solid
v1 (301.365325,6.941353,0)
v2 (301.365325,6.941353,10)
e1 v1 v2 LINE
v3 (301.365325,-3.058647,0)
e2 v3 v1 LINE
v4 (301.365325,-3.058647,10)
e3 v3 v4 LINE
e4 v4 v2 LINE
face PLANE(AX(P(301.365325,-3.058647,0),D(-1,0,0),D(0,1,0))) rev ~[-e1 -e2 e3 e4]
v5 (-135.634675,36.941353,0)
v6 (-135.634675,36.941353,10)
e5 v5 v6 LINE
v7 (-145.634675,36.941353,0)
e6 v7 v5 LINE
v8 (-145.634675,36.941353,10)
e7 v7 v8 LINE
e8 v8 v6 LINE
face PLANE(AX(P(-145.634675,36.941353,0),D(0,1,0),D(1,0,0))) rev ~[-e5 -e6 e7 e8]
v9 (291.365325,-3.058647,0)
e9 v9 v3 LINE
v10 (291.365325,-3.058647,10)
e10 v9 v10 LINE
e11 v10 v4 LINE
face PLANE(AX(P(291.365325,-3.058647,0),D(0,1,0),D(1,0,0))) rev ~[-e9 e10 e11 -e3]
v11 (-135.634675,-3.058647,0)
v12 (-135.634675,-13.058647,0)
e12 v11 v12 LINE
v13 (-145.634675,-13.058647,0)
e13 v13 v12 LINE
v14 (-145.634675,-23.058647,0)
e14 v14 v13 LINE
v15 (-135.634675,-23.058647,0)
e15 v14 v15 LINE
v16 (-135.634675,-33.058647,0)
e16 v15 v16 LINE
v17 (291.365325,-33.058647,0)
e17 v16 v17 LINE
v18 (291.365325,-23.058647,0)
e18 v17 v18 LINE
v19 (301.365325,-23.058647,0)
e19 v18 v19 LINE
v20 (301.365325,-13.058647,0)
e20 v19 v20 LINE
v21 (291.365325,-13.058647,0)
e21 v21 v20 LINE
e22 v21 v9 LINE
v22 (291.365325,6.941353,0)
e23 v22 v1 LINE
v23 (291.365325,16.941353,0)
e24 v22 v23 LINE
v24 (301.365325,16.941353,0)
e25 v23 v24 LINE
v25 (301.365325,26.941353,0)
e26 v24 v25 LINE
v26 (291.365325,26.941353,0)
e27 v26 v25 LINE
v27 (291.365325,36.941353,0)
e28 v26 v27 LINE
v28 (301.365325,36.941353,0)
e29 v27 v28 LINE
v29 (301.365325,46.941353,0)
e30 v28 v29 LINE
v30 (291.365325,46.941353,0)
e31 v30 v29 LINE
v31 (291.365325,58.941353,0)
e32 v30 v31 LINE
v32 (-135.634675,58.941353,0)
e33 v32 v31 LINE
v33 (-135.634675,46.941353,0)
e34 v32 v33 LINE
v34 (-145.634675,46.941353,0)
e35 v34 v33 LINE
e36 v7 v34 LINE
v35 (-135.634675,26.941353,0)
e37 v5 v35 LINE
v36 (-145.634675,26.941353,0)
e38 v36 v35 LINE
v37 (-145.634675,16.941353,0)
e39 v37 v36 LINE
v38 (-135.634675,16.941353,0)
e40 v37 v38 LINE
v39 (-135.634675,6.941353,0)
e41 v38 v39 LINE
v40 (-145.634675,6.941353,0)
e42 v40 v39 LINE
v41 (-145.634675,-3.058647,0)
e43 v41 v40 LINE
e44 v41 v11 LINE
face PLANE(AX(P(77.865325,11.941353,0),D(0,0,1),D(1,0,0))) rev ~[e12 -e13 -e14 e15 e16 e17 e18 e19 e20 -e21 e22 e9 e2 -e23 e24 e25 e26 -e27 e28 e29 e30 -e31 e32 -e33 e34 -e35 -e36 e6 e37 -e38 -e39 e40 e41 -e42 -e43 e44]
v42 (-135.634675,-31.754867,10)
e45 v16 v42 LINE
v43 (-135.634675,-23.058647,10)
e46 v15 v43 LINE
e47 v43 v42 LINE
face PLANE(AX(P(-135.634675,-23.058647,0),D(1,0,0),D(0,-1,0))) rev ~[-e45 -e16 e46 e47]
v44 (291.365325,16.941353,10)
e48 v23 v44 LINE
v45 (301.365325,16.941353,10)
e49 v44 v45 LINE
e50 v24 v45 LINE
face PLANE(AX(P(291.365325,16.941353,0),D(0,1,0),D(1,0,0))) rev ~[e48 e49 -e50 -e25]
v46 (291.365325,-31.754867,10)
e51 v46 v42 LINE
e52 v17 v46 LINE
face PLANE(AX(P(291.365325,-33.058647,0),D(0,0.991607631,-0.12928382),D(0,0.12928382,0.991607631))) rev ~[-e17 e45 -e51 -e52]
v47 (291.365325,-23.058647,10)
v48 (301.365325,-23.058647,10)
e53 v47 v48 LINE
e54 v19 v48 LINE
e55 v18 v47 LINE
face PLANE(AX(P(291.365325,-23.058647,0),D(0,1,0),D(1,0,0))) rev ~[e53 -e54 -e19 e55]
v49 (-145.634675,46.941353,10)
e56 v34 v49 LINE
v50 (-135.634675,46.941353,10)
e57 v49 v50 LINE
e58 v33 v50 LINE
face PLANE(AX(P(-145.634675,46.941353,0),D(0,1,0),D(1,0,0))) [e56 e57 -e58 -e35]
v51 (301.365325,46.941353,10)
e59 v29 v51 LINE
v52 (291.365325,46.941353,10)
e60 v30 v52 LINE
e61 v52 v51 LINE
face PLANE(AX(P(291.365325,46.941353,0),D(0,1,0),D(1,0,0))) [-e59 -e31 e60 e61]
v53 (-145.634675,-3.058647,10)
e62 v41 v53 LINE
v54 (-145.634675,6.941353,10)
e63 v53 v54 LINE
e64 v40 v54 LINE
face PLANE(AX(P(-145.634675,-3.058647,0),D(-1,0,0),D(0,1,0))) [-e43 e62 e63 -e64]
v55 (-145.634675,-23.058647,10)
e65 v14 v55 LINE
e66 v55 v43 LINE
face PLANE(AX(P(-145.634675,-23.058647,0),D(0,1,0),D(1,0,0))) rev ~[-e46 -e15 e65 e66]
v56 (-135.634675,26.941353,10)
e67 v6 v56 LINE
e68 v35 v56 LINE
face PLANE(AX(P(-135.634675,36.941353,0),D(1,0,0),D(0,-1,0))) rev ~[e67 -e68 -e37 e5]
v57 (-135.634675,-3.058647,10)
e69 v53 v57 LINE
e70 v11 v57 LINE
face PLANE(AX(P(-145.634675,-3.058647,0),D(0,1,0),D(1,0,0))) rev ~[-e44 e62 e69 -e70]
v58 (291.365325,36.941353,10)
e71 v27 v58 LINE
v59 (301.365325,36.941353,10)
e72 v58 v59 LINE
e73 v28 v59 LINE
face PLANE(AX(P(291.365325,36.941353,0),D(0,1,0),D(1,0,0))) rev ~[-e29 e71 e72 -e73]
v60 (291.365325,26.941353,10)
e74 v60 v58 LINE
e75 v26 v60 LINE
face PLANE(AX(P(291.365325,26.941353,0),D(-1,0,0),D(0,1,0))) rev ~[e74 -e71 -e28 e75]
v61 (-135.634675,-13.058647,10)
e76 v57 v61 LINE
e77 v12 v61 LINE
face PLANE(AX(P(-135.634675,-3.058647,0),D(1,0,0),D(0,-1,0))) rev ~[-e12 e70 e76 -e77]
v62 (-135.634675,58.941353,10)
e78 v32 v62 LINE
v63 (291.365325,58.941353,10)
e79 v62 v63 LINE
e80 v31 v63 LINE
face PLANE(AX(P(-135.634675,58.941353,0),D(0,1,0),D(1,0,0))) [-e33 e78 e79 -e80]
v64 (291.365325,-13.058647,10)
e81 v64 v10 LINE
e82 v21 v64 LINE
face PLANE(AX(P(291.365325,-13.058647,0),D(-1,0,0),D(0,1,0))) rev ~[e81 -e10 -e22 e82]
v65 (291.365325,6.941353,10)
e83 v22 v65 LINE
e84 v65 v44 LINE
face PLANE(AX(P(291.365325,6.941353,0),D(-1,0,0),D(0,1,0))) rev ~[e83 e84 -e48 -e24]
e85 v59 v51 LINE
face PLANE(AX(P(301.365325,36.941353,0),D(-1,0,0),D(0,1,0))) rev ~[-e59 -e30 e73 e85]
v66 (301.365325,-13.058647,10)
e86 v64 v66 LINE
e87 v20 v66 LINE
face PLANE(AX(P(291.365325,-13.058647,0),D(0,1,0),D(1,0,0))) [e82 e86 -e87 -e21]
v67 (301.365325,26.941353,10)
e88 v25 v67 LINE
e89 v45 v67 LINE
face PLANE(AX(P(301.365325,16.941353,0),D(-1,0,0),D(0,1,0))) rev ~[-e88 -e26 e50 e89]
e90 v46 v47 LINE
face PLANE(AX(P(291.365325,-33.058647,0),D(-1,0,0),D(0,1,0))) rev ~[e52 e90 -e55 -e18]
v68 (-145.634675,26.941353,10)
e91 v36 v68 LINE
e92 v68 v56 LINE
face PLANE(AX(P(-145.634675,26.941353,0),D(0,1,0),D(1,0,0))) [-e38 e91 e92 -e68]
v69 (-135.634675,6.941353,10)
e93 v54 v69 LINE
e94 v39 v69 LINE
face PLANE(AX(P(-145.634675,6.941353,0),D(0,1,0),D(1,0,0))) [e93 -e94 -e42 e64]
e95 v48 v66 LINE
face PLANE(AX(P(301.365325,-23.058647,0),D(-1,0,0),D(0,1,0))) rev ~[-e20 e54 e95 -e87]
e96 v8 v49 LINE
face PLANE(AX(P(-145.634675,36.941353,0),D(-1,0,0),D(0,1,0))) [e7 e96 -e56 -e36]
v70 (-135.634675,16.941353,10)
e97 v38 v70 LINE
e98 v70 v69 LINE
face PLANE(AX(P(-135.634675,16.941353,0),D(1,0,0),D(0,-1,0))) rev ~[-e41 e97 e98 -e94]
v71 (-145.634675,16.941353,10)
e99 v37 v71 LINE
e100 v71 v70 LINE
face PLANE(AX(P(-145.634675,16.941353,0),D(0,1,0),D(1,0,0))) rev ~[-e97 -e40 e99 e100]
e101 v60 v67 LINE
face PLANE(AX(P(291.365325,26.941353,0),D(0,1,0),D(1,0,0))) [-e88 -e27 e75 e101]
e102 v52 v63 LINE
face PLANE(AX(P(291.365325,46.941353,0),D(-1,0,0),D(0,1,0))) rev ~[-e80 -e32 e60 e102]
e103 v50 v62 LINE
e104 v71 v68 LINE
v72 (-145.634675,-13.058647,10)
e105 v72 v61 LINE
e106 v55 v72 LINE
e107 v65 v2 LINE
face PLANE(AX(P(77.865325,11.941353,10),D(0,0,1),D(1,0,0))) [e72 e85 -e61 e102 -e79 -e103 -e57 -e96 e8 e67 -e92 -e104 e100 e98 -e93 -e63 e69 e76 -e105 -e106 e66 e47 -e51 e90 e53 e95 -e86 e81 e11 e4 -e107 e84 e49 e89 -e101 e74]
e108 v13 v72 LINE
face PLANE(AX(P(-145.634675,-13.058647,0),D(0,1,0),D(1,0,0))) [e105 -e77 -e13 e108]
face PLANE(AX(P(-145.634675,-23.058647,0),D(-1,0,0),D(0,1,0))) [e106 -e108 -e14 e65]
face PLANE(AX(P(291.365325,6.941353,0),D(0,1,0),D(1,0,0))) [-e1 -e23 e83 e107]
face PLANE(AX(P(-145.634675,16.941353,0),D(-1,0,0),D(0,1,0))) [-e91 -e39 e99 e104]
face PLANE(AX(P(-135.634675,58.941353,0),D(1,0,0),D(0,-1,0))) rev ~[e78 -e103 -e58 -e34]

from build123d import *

# Parameters (mm, degrees)
F0_W     = 10
F0_H     = 10
F0_W_2   = 427
F0_H_2   = 2
F1_DEPTH = 10
F3_DEPTH = 427


with BuildPart() as f1:
    # F0 (on Top) → F1 (new body)
    with BuildSketch(Plane.XY):
        Polygon((291.3653250098, 56.9413525529), (-135.6346749902, 56.9413525529), (-135.6346749902, 46.9413525529), (-135.6346749902, 36.9413525529), (-135.6346749902, 26.9413525529), (-135.6346749902, 16.9413525529), (-135.6346749902, 6.9413525529), (-135.6346749902, -3.0586474471), (-135.6346749902, -13.0586474471), (-135.6346749902, -23.0586474471), (-135.6346749902, -33.0586474471), (291.3653250098, -33.0586474471), (291.3653250098, -23.0586474471), (291.3653250098, -13.0586474471), (291.3653250098, -3.0586474471), (291.3653250098, 6.9413525529), (291.3653250098, 16.9413525529), (291.3653250098, 26.9413525529), (291.3653250098, 36.9413525529), (291.3653250098, 46.9413525529), align=None)
        with Locations((-140.6346749902, 41.9413525529)):
            Rectangle(F0_W, F0_H)
        with Locations((-140.6346749902, 21.9413525529)):
            Rectangle(F0_W, F0_H)
        with Locations((-140.6346749902, 1.9413525529)):
            Rectangle(F0_W, F0_H)
        with Locations((-140.6346749902, -18.0586474471)):
            Rectangle(F0_W, F0_H)
        with Locations((296.3653250098, 41.9413525529)):
            Rectangle(F0_W, F0_H)
        with Locations((296.3653250098, 21.9413525529)):
            Rectangle(F0_W, F0_H)
        with Locations((296.3653250098, 1.9413525529)):
            Rectangle(F0_W, F0_H)
        with Locations((296.3653250098, -18.0586474471)):
            Rectangle(F0_W, F0_H)
        with Locations((77.8653250098, 57.9413525529)):
            Rectangle(F0_W_2, F0_H_2)
    extrude(amount=F1_DEPTH)

    # F2 (on face) → F3 (cut)
    with BuildSketch(Plane.YZ.offset(291.3653250098)):
        Polygon((-33.0586474471, 10), (-33.0586474471, 0), (-31.7548674471, 10), align=None)
        Polygon((-31.7548674471, 19.557), (-31.7548674471, 10), (58.9411325529, 10), align=None)
    extrude(amount=-F3_DEPTH, mode=Mode.SUBTRACT)


solid = f1.part
